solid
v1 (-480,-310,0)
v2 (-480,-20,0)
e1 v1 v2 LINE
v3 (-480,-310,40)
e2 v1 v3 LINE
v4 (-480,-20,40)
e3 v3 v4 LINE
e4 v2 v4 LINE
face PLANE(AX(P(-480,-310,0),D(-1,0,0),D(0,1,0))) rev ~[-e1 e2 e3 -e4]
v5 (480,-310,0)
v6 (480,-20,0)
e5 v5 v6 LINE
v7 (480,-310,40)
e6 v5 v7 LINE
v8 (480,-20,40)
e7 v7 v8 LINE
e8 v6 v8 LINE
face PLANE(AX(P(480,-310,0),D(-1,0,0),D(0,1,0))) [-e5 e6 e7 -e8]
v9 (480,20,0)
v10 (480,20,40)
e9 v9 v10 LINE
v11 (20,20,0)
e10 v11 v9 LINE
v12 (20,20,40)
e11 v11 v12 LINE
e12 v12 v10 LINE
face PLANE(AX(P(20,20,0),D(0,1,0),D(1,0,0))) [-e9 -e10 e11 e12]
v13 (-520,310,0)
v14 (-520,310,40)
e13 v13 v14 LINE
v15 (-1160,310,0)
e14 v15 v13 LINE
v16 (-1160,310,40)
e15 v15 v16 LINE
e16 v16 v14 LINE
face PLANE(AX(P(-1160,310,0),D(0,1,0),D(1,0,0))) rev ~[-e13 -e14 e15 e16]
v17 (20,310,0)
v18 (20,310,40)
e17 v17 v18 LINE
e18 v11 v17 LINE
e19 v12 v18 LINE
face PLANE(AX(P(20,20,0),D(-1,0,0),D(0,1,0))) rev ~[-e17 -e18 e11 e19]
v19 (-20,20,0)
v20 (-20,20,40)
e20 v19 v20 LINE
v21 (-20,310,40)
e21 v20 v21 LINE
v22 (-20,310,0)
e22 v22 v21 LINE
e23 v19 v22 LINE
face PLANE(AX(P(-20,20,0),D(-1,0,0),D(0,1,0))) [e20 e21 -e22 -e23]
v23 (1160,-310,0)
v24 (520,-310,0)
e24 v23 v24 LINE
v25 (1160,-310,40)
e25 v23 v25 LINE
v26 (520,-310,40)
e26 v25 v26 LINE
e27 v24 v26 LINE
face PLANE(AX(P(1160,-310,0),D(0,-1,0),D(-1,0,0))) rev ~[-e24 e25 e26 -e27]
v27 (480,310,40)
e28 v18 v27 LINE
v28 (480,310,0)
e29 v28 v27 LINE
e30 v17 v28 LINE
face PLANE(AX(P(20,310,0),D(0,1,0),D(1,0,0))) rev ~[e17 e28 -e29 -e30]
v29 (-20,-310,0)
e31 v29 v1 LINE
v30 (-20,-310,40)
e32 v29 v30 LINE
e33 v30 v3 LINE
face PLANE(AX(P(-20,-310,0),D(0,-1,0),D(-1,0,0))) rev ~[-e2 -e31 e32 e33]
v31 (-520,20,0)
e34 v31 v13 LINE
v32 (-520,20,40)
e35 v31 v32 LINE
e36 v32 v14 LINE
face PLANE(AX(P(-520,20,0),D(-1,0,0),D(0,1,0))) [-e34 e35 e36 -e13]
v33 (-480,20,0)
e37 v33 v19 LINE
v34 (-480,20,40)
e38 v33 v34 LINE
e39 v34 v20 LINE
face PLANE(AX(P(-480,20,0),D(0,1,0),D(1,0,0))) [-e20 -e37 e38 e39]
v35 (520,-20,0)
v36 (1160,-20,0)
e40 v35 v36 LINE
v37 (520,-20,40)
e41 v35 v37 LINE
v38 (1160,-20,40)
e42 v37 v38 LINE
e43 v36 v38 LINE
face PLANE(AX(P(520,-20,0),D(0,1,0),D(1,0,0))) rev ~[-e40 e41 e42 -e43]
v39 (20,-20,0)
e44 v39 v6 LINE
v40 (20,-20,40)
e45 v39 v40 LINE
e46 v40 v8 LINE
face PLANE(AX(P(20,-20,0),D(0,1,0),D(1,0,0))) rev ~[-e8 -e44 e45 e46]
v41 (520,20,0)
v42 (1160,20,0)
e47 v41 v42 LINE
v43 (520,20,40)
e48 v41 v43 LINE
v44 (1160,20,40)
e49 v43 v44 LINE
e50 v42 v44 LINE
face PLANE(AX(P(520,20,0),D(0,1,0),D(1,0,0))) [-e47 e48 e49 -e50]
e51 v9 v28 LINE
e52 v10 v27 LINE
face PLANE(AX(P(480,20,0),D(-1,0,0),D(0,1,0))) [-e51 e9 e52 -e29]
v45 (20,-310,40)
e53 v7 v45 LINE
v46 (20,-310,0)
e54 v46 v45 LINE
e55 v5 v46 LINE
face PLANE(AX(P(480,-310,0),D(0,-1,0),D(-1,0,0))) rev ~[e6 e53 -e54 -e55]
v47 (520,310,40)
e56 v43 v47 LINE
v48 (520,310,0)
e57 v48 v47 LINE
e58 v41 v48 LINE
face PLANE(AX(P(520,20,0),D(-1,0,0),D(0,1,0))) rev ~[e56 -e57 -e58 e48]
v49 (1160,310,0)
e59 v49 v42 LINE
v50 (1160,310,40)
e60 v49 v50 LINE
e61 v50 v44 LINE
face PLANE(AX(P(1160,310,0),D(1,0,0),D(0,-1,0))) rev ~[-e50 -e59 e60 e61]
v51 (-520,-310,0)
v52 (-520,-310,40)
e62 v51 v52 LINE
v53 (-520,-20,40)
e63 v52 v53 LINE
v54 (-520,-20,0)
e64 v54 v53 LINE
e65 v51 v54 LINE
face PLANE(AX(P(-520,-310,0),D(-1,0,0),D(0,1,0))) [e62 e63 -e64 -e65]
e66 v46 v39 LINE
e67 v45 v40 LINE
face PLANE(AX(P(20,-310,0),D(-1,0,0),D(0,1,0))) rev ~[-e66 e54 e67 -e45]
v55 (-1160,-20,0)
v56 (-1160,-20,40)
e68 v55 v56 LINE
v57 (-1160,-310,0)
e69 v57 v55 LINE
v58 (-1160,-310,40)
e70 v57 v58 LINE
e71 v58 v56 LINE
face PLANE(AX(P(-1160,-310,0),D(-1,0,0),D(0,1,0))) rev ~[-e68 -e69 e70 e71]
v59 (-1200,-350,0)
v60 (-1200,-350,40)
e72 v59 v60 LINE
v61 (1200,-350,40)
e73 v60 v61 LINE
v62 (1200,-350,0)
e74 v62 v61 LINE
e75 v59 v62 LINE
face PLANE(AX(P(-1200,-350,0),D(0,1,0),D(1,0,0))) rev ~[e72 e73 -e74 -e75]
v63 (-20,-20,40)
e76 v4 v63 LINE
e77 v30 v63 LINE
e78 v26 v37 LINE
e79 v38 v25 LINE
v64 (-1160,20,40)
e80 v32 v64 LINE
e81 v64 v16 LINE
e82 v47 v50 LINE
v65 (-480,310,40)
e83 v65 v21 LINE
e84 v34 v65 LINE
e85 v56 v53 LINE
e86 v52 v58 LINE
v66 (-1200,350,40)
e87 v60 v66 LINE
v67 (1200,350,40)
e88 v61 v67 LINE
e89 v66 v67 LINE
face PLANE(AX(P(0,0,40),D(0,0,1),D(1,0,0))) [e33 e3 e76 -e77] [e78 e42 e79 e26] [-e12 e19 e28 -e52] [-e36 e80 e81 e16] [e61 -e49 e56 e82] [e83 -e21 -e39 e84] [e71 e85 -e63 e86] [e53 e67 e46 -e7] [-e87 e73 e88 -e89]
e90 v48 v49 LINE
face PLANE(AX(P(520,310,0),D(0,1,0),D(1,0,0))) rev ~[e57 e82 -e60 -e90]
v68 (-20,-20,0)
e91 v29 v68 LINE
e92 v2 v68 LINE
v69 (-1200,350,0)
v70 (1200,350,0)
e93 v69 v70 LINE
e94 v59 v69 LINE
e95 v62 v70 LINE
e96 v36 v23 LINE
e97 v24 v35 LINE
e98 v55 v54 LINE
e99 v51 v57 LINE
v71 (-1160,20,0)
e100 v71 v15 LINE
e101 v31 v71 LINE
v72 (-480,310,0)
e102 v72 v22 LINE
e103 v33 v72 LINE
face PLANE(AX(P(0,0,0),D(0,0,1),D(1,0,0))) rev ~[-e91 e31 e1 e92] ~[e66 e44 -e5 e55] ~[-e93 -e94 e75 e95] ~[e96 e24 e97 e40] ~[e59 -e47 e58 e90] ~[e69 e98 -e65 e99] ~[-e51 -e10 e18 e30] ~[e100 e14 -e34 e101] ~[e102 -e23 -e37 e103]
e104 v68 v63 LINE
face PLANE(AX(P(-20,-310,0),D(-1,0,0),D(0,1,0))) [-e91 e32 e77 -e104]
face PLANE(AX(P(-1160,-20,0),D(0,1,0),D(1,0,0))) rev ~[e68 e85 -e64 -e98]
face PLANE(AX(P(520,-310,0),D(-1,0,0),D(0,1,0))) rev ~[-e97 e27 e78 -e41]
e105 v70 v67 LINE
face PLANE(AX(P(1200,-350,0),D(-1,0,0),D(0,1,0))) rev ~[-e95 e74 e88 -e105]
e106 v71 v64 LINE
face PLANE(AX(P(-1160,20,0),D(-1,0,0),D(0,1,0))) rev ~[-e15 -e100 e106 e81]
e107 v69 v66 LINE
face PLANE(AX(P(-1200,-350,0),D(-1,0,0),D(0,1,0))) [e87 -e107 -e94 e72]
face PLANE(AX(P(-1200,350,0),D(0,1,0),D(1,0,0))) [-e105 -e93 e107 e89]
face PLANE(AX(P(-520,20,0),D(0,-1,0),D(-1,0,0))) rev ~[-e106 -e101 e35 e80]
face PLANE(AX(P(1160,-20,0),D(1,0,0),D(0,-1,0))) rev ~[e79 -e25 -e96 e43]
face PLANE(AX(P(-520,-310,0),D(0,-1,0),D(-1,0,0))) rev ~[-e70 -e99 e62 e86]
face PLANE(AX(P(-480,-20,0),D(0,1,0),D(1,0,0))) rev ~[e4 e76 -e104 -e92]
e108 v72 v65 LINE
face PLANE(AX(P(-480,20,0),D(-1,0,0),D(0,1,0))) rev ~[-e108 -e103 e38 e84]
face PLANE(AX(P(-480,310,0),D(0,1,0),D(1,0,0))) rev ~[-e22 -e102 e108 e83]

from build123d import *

# Parameters (mm, degrees)
F0_W     = 2400
F0_H     = 700
F0_W_2   = 640
F0_H_2   = 40
F0_W_3   = 40
F0_H_3   = 290
F0_W_4   = 460
F1_DEPTH = 40


with BuildPart() as f1:
    # F0 (on Top) → F1 (new body)
    with BuildSketch(Plane.XY):
        Rectangle(F0_W, F0_H)
        Polygon((-1160, 20), (-1160, 310), (-520, 310), (-480, 310), (-20, 310), (20, 310), (480, 310), (520, 310), (1160, 310), (1160, 20), (1160, -20), (1160, -310), (520, -310), (480, -310), (20, -310), (-20, -310), (-480, -310), (-520, -310), (-1160, -310), (-1160, -20), align=None, mode=Mode.SUBTRACT)
        with Locations((-840, 0)):
            Rectangle(F0_W_2, F0_H_2)
        with Locations((-500, 0)):
            Rectangle(F0_W_3, F0_H_2)
        with Locations((-500, 165)):
            Rectangle(F0_W_3, F0_H_3)
        with Locations((-500, -165)):
            Rectangle(F0_W_3, F0_H_3)
        with Locations((-250, 0)):
            Rectangle(F0_W_4, F0_H_2)
        with Locations((0, 165)):
            Rectangle(F0_W_3, F0_H_3)
        with Locations((0, -165)):
            Rectangle(F0_W_3, F0_H_3)
        with Locations((500, 165)):
            Rectangle(F0_W_3, F0_H_3)
        with Locations((500, -165)):
            Rectangle(F0_W_3, F0_H_3)
        with Locations((840, 0)):
            Rectangle(F0_W_2, F0_H_2)
        with Locations((250, 0)):
            Rectangle(F0_W_4, F0_H_2)
        with Locations((500, 0)):
            Rectangle(F0_W_3, F0_H_2)
        Rectangle(F0_W_3, F0_H_2)
    extrude(amount=F1_DEPTH)


solid = f1.part
